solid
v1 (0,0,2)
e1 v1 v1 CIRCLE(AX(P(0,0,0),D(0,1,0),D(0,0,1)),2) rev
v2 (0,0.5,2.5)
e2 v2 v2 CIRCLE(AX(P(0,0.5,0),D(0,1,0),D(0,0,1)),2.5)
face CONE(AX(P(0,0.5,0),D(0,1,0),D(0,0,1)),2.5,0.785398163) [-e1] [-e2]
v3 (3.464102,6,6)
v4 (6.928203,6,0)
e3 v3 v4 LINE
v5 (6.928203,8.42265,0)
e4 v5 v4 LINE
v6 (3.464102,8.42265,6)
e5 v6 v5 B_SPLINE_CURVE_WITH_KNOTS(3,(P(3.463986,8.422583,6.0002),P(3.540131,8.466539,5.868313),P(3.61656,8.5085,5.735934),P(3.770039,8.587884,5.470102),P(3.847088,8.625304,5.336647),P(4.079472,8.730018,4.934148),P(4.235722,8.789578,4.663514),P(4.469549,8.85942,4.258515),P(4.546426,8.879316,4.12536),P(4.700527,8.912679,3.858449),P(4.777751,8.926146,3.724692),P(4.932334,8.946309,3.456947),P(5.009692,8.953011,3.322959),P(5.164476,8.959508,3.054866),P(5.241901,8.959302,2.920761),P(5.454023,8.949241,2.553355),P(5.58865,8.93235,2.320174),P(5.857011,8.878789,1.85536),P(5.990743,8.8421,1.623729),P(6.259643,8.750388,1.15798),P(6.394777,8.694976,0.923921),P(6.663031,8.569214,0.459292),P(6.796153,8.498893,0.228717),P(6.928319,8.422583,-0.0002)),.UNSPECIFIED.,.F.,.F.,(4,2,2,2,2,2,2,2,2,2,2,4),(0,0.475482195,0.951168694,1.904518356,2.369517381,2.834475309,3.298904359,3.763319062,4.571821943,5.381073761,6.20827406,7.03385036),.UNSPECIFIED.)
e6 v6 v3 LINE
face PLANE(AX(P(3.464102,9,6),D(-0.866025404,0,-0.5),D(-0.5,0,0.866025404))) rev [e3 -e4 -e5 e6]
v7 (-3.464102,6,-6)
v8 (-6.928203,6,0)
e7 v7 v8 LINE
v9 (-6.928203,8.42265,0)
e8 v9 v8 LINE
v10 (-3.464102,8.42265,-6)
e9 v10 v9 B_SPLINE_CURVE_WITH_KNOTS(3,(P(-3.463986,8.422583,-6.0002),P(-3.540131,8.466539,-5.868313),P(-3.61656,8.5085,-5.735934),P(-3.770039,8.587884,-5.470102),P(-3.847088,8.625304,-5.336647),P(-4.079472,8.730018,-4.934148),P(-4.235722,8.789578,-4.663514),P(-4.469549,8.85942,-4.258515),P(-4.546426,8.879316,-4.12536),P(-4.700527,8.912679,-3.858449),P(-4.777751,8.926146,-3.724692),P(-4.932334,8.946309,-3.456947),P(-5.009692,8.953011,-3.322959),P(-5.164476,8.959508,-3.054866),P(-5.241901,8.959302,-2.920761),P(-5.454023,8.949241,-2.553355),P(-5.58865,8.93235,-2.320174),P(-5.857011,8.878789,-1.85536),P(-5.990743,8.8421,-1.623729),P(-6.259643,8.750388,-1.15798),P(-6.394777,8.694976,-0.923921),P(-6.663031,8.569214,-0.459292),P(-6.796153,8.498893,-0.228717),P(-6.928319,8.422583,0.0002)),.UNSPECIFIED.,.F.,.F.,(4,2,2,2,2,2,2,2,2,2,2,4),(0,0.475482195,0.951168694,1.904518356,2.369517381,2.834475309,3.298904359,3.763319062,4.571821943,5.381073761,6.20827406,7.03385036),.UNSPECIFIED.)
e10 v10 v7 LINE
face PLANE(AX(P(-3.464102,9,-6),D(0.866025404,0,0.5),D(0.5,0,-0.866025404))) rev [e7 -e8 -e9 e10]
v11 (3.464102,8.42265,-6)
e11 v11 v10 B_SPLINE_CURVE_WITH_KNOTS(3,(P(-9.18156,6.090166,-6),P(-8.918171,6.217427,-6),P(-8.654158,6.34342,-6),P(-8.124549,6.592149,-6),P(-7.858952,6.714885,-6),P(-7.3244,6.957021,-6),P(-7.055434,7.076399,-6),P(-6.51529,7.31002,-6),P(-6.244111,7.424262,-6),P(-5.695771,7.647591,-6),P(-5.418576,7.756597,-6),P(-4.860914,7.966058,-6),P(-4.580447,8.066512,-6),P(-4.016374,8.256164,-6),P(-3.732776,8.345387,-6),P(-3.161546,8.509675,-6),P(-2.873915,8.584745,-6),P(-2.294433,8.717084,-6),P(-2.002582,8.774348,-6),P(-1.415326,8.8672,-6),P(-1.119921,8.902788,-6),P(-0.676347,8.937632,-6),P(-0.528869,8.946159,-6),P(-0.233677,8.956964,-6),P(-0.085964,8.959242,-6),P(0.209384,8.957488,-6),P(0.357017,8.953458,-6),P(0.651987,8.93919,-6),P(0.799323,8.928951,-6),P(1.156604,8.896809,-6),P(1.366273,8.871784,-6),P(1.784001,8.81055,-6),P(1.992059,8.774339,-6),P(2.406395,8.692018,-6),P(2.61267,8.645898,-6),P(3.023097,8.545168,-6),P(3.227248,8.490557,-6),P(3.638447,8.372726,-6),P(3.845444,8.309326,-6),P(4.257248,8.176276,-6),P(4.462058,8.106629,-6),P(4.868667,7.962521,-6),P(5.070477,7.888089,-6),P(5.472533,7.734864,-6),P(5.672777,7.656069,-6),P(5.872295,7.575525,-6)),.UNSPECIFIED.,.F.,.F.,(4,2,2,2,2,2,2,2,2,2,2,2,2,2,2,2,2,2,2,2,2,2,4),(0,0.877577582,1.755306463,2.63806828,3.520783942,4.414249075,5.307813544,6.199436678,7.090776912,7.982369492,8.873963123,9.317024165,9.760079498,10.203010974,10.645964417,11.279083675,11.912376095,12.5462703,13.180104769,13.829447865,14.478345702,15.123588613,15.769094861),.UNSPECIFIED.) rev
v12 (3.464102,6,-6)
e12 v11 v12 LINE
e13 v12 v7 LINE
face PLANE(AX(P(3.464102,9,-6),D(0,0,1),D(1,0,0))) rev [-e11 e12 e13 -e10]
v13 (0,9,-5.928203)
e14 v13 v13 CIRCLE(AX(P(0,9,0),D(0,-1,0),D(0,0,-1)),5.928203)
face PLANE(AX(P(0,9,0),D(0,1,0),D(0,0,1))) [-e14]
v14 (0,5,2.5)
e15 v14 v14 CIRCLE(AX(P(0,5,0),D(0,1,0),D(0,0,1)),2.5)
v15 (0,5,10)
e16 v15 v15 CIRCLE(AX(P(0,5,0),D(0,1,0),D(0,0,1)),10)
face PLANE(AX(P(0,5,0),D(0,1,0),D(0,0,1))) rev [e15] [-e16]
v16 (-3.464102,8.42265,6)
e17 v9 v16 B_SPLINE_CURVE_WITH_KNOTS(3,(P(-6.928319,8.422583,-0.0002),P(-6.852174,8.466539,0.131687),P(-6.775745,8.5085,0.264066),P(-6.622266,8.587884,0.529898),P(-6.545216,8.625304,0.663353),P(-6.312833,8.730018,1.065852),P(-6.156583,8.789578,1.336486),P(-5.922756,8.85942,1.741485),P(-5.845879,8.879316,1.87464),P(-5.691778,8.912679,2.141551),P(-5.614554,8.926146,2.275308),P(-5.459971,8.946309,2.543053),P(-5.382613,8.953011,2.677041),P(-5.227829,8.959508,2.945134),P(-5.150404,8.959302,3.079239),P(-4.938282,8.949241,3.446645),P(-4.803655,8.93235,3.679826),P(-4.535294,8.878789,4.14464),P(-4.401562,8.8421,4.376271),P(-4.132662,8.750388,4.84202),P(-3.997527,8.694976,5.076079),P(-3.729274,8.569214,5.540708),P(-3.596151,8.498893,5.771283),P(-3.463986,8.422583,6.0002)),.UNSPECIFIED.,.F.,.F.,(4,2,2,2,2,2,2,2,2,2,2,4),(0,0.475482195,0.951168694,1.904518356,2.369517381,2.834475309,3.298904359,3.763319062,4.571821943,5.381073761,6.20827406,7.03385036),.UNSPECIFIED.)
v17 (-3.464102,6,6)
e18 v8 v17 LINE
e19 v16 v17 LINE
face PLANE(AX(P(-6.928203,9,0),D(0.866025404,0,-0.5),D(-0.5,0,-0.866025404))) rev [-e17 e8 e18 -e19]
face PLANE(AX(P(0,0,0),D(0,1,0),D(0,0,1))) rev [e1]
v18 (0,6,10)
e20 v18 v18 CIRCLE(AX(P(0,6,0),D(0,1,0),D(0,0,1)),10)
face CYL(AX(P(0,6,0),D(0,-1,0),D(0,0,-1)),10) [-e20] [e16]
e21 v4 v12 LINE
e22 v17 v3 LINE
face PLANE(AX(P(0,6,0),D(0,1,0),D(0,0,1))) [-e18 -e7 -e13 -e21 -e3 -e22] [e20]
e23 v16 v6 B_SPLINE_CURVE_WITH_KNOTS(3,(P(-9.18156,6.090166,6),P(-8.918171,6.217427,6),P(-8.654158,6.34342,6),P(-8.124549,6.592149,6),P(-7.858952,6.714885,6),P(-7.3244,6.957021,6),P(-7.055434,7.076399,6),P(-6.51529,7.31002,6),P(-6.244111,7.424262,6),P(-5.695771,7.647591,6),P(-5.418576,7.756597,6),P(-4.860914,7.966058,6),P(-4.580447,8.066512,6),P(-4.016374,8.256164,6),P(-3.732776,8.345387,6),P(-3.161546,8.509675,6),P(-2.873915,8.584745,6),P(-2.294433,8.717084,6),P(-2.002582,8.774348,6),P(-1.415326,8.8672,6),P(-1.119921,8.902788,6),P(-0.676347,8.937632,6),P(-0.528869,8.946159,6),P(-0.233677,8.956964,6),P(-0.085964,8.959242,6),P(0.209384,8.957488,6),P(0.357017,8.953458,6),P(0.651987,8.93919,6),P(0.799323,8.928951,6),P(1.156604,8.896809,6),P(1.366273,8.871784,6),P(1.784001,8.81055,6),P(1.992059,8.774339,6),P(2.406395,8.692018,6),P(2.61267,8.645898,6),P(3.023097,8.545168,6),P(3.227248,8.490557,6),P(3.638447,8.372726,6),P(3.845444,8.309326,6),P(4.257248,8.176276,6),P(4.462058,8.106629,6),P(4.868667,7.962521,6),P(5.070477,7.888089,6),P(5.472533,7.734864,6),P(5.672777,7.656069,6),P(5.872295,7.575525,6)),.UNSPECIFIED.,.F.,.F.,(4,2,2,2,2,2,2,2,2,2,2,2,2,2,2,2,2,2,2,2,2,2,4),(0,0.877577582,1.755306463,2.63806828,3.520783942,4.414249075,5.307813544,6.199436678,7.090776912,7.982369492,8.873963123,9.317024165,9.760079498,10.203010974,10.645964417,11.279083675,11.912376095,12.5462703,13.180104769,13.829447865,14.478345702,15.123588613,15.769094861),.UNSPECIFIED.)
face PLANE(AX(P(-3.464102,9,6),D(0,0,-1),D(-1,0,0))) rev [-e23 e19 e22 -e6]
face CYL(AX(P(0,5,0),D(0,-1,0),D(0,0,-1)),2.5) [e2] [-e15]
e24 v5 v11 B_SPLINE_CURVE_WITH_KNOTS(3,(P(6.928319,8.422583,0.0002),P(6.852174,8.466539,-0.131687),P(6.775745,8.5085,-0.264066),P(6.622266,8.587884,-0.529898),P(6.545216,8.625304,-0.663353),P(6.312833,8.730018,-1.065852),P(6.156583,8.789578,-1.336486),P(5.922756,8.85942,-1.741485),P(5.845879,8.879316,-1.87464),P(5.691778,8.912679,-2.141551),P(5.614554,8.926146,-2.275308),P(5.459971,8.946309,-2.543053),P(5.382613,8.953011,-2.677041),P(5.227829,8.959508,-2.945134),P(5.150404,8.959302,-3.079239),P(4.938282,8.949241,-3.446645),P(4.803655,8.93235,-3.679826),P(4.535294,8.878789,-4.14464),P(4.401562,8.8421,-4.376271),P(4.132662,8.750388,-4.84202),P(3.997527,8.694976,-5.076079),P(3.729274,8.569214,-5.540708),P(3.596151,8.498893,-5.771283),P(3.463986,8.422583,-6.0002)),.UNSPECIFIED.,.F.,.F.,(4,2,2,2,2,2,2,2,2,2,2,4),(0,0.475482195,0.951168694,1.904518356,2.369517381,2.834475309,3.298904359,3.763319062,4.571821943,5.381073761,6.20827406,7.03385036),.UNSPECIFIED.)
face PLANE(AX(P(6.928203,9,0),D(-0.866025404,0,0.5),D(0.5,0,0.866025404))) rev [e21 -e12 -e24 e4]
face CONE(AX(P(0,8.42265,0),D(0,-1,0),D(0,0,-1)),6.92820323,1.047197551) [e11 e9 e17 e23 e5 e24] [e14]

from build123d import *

# Parameters (mm, degrees)
SKETCH_2_R      = 2.5
EXTRUDE_1_DEPTH = 5
SKETCH_3_R      = 10
EXTRUDE_2_DEPTH = 1
EXTRUDE_3_DEPTH = 3
CHAMFER_1_SIZE  = 0.5


with BuildPart() as part:
    # 草图2 → 凸台-拉伸1 (new body)
    with BuildSketch(Plane(origin=(0, 0, 0), x_dir=(1, 0, 0), z_dir=(0, 1, 0))):
        with Locations(Location((0, 0, 0), (0, 0, 270))):
            Circle(SKETCH_2_R)
    extrude(amount=EXTRUDE_1_DEPTH)

    # 草图3 → 凸台-拉伸2 (add)
    with BuildSketch(Plane(origin=(0, 5, 0), x_dir=(1, 0, 0), z_dir=(0, 1, 0))):
        with Locations(Location((0, 0, 0), (0, 0, 270))):
            Circle(SKETCH_3_R)
    extrude(amount=EXTRUDE_2_DEPTH)

    # 草图4 → 凸台-拉伸3 (add)
    with BuildSketch(Plane(origin=(0, 6, 0), x_dir=(1, 0, 0), z_dir=(0, 1, 0))):
        Polygon((3.464101615, 6), (-3.464101615, 6), (-6.92820323, 0), (-3.464101615, -6), (3.464101615, -6), (6.92820323, 0), align=None)
    extrude(amount=EXTRUDE_3_DEPTH)

    # 草图8 → 切除-旋转1 (revolve, cut)
    with BuildSketch(Plane.XY, mode=Mode.PRIVATE) as cut_revolve_1_sk:
        Polygon((-6.92820323, 9), (-5.92820323, 9), (-6.92820323, 8.422649731), align=None)
    revolve(cut_revolve_1_sk.sketch.rotate(Axis((0, 0, 0), (0, 1, 0)), 270), axis=Axis((0, 0, 0), (0, 1, 0)), mode=Mode.SUBTRACT)

    # 倒角1
    chamfer_1_edges = [part.edges().sort_by_distance(p)[0] for p in [
        (0, 0, -2.5),
    ]]
    chamfer(chamfer_1_edges, length=CHAMFER_1_SIZE)


solid = part.part
